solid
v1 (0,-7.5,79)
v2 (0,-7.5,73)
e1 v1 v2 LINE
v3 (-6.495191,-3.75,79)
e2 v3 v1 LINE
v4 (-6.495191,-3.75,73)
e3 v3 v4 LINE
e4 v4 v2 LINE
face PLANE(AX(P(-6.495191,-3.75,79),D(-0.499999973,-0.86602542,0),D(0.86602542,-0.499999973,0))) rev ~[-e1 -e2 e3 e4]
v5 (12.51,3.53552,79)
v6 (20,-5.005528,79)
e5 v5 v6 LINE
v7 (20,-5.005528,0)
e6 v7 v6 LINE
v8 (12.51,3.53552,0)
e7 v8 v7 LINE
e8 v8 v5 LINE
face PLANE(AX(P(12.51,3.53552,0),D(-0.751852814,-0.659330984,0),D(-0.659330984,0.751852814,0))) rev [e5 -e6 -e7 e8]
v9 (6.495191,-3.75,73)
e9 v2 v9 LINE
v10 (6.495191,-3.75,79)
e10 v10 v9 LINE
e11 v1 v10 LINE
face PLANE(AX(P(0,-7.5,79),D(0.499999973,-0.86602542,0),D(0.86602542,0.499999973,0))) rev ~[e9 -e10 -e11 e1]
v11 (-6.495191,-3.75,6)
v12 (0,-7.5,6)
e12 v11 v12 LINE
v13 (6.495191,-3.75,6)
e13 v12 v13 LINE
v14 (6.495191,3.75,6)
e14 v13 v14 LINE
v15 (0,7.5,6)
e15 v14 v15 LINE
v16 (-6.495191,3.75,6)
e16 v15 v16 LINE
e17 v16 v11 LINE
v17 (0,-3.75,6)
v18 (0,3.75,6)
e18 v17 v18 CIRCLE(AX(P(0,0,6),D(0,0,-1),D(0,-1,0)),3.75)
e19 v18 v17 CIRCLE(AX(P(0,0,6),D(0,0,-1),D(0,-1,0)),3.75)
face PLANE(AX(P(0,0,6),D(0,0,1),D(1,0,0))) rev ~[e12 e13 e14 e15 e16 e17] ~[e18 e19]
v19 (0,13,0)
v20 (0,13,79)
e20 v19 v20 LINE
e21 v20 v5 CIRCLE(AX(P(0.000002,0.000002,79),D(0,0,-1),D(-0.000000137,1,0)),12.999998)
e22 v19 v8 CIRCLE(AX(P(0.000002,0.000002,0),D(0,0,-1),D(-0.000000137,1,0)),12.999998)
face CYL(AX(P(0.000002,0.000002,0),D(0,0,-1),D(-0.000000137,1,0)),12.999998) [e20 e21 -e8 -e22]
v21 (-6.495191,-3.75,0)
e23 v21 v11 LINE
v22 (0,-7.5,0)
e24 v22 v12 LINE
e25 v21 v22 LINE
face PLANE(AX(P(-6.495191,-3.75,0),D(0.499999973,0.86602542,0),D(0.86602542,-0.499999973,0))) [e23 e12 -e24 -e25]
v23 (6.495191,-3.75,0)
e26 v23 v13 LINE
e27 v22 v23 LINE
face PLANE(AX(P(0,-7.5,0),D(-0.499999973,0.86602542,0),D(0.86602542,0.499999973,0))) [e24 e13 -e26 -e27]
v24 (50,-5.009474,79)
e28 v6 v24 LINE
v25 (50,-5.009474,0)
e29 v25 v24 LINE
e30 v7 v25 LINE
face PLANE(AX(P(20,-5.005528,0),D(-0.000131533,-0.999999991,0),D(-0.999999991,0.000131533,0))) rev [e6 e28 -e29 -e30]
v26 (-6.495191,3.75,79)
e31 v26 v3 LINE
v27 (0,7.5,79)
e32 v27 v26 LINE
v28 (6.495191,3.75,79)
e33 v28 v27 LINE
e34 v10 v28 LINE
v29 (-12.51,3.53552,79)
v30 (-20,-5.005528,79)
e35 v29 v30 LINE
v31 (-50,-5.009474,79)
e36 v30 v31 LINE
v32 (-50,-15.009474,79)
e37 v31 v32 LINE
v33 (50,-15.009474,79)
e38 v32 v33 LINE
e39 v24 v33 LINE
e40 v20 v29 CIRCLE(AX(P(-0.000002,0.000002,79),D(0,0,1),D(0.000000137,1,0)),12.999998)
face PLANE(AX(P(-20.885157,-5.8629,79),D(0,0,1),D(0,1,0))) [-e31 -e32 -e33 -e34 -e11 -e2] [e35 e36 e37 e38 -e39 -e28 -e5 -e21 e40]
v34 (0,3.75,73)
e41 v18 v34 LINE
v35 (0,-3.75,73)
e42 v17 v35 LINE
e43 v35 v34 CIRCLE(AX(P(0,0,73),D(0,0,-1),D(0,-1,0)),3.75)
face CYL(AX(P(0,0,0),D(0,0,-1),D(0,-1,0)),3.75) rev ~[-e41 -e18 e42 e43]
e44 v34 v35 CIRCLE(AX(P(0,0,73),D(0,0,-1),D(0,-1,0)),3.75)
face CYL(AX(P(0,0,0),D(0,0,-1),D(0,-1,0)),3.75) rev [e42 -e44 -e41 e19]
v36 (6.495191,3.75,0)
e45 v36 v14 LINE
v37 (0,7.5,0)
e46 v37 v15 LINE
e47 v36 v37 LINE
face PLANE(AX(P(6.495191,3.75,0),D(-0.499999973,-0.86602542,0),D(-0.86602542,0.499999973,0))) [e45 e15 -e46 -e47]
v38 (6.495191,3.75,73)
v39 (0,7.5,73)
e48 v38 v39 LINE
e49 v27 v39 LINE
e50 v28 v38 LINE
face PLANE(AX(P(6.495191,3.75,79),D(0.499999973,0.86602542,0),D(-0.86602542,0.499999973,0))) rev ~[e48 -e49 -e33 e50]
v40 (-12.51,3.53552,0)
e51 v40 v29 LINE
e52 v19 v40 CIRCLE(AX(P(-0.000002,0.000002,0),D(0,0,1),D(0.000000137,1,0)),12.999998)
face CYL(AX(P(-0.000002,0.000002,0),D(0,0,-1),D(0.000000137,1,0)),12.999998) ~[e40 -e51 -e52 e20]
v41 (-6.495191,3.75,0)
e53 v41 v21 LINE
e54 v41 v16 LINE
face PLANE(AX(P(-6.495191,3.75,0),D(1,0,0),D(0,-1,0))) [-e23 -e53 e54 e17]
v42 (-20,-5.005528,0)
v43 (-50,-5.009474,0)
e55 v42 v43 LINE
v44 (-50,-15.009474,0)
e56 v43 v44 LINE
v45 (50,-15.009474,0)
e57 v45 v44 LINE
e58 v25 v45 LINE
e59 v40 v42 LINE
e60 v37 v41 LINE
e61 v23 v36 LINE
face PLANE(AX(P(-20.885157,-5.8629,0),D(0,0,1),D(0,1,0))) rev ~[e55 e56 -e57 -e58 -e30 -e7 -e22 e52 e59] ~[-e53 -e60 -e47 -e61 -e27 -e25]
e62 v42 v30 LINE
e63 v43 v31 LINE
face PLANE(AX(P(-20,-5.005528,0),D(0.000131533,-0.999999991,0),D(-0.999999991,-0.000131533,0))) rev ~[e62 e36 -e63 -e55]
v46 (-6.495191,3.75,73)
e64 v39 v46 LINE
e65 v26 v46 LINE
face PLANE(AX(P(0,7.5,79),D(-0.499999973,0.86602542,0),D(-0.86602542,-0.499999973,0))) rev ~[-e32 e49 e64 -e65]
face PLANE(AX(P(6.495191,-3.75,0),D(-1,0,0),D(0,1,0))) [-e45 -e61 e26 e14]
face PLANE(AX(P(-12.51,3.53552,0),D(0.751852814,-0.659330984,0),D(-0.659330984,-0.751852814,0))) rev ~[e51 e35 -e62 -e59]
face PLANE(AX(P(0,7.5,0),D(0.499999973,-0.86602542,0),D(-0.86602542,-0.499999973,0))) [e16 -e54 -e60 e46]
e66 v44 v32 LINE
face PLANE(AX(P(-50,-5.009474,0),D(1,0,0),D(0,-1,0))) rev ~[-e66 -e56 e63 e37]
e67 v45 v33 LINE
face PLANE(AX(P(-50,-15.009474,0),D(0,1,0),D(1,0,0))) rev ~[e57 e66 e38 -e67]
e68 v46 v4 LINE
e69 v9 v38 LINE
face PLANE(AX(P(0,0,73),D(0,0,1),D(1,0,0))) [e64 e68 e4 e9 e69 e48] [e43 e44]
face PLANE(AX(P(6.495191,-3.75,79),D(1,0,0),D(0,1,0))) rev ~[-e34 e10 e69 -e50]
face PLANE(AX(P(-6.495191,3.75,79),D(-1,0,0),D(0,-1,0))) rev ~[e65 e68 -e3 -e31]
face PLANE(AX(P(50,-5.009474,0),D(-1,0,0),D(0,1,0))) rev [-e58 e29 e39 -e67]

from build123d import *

# Parameters (mm, degrees)
EXTRUDE_DEPTH   = 79
POCKET_DEPTH    = 6
POCKET001_DEPTH = 6


with BuildPart() as extrude_pulky:
    # Part__Mirroring → Extrude (new body)
    with BuildSketch(Plane(origin=(-25, -1.004737, 0), x_dir=(0, 1, 0), z_dir=(0, 0, 1))):
        with BuildLine():
            ThreePointArc((14.004737, -25), (11.372036, -17.156587), (4.540257, -12.49))
            Line((4.540257, -12.49), (-4.000791, -5))
            Line((-4.000791, -5), (-4.004737, 25))
            Line((-4.004737, 25), (-14.004737, 25))
            Line((-14.004737, 25), (-14.004737, -25))
            Line((-14.004737, -25), (-2.745263, -25))
            ThreePointArc((-2.745263, -25), (1.004737, -21.25), (4.754737, -25))
            Line((4.754737, -25), (14.004737, -25))
        make_face()
    extrude(amount=EXTRUDE_DEPTH)


with BuildPart() as body001:
    # Part__Mirroring001: instance of Extrude_pulky
    add(extrude_pulky.part.mirror(Plane(origin=(0, 0, 0), x_dir=(0, -1, 0), z_dir=(1, 0, 0))))

    # Fusion: union Extrude_pulky
    add(extrude_pulky.part)

    # Sketch001 → Pocket (cut)
    with BuildSketch(Plane.XY):
        Polygon((0, -7.5), (6.495191, -3.75), (6.495191, 3.75), (0, 7.5), (-6.495191, 3.75), (-6.495191, -3.75), align=None)
    extrude(amount=POCKET_DEPTH, mode=Mode.SUBTRACT)

    # Sketch002 (on Face5 of Pocket) → Pocket001 (cut)
    with BuildSketch(Plane.XY.offset(79)):
        Polygon((0, -7.5), (6.495191, -3.75), (6.495191, 3.75), (0, 7.5), (-6.495191, 3.75), (-6.495191, -3.75), align=None)
    extrude(amount=-POCKET001_DEPTH, mode=Mode.SUBTRACT)


solid = body001.part
